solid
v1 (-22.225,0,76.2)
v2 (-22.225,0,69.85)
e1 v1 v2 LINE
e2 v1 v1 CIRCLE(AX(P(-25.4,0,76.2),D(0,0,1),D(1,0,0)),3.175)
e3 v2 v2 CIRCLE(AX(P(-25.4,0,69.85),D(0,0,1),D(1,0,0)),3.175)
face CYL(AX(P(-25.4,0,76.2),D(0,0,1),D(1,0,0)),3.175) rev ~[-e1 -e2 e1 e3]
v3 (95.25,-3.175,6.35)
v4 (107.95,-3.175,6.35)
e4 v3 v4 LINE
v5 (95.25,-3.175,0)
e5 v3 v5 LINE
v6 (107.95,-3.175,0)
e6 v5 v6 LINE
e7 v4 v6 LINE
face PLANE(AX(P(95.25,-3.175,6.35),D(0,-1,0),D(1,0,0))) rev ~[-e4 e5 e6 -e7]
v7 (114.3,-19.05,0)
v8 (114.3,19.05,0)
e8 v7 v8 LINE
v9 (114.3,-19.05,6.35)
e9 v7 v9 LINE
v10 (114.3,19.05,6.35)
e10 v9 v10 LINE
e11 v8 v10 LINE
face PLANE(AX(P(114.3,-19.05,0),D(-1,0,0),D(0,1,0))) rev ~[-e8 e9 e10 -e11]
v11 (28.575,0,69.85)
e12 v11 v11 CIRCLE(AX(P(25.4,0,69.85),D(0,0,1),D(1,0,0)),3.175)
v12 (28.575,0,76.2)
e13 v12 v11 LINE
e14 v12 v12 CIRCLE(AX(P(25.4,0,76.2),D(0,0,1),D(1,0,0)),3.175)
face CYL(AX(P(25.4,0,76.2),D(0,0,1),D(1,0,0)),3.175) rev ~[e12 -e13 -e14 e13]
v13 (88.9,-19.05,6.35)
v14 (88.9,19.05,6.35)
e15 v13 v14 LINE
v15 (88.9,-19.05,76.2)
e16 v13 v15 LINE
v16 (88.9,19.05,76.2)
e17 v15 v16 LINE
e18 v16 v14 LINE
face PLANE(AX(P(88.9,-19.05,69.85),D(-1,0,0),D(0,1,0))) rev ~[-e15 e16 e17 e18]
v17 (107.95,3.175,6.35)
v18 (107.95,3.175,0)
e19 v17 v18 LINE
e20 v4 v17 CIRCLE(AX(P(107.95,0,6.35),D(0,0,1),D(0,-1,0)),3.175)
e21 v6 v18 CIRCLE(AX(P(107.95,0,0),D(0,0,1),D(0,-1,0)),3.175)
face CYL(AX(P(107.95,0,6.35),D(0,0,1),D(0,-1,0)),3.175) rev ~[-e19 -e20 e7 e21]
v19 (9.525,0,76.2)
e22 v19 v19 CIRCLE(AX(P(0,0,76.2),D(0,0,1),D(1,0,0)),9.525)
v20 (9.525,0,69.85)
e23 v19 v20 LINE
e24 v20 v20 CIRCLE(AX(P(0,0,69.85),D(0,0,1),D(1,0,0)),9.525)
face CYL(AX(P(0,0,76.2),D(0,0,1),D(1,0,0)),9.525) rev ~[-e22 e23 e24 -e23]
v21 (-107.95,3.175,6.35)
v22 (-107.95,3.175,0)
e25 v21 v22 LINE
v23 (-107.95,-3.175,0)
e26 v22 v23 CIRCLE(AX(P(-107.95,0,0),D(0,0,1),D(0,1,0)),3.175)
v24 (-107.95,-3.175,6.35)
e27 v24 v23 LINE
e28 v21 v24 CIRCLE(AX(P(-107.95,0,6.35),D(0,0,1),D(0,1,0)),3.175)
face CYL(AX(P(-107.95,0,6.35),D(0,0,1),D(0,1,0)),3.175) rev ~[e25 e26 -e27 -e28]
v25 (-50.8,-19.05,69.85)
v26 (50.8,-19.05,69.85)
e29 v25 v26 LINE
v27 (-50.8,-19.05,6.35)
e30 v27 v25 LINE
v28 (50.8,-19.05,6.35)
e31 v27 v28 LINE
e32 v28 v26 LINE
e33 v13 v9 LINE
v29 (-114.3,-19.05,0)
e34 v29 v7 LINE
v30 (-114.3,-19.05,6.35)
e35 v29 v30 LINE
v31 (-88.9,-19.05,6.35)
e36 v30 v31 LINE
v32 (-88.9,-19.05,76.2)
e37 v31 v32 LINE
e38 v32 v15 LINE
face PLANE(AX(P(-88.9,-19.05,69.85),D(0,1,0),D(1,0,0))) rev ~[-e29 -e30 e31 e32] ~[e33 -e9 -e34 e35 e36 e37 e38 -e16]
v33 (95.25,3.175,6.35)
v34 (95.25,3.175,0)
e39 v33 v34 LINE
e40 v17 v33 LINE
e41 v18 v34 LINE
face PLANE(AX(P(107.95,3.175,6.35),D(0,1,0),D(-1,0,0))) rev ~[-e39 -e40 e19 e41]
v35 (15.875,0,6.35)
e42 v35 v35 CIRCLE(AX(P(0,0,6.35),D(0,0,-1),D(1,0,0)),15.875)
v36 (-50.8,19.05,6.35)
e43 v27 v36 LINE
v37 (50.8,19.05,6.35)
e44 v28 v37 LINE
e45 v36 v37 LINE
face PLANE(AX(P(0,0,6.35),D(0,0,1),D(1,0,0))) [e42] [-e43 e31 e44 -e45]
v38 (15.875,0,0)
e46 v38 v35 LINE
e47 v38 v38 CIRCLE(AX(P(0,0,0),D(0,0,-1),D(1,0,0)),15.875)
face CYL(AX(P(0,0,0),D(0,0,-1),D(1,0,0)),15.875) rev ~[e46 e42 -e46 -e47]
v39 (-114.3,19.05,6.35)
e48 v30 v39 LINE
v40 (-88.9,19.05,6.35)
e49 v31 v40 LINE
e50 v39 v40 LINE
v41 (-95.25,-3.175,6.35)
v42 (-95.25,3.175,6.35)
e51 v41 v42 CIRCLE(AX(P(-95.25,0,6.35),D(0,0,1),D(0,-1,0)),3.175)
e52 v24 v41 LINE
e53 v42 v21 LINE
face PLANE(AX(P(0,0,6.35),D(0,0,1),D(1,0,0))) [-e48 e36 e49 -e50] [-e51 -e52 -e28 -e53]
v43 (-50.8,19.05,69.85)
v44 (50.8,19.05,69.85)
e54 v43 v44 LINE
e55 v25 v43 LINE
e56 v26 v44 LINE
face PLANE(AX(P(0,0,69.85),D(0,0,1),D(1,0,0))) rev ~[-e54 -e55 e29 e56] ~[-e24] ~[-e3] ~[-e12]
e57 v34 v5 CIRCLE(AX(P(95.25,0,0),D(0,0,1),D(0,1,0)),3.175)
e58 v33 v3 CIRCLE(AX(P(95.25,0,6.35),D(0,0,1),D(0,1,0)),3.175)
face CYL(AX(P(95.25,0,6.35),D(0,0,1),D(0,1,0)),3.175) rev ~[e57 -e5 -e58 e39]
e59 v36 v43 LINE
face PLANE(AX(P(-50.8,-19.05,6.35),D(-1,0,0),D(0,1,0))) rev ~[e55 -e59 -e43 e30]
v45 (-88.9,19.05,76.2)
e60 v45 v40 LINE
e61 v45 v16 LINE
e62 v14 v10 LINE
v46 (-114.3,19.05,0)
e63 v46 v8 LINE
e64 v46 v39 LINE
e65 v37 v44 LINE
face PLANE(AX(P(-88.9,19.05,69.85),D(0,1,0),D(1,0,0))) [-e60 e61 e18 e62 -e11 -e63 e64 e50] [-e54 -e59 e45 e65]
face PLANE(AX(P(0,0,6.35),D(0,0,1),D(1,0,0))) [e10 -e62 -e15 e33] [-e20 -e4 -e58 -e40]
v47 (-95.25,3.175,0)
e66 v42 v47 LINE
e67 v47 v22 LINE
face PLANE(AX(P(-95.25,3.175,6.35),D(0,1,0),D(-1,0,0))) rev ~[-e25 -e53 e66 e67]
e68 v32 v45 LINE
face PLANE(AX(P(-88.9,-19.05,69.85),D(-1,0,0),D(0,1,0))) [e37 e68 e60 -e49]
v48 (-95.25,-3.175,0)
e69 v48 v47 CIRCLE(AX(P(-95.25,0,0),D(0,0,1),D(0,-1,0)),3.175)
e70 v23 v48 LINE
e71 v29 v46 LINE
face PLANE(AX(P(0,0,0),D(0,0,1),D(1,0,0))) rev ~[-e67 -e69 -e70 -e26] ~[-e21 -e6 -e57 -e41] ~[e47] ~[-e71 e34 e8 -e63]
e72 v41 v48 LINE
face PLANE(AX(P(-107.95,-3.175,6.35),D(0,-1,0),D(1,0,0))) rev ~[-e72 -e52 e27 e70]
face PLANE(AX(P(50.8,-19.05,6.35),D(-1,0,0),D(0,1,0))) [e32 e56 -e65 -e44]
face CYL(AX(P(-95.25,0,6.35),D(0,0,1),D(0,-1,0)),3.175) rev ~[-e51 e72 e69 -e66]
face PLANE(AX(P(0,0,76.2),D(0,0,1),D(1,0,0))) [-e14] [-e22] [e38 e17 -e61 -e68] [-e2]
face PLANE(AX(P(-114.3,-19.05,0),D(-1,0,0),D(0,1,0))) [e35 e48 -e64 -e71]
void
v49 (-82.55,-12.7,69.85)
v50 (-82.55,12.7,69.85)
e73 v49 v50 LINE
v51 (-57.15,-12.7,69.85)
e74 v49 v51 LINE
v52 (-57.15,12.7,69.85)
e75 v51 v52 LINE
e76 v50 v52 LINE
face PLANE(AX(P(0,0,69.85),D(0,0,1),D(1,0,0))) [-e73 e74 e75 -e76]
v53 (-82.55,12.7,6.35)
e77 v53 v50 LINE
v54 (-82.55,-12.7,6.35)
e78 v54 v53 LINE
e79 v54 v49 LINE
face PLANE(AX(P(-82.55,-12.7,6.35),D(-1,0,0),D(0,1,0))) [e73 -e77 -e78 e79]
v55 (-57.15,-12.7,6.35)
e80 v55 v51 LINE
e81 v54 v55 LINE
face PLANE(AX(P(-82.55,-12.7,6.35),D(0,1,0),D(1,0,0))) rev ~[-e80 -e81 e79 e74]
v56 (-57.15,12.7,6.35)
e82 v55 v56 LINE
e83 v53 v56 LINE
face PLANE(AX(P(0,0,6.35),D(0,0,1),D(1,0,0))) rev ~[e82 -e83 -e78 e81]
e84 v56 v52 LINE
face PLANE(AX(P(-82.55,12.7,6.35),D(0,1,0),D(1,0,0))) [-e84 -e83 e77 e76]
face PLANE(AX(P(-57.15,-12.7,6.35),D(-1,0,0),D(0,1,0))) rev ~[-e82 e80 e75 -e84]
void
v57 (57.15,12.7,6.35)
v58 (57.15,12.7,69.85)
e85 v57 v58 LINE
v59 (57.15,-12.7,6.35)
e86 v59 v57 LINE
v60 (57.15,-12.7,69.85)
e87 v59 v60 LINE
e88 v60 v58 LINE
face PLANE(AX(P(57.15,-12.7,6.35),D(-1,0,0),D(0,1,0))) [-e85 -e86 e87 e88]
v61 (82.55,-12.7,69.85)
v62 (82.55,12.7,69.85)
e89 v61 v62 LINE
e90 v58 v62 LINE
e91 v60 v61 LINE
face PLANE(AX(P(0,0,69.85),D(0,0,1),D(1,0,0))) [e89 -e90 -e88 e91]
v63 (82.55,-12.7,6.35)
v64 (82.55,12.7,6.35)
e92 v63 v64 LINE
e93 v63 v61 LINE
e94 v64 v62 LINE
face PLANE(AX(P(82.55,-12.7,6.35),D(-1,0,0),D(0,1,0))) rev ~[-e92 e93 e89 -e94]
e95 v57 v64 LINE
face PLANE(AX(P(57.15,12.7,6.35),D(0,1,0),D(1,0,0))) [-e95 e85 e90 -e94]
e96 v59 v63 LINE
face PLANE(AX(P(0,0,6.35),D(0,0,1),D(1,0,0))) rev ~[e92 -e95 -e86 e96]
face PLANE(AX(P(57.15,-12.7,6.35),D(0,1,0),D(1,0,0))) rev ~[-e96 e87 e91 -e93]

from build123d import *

# Parameters (mm, degrees)
F0_W      = 228.6
F0_H      = 38.1
F9_DEPTH  = 6.35
F1_W      = 38.1
F1_H      = 38.1
F1_W_2    = 25.4
F1_H_2    = 25.4
F10_DEPTH = 63.5
F11_W     = 177.8
F11_H     = 38.1
F2_DEPTH  = 6.35
F3_R      = 9.525
F3_R_2    = 3.175
F4_DEPTH  = 25.4
F6_DEPTH  = 6.351
F7_R      = 15.875
F8_DEPTH  = 25.4


with BuildPart() as f9:
    # F0 (on Top) → F9 (new body)
    with BuildSketch(Plane.XY):
        Rectangle(F0_W, F0_H)
    extrude(amount=F9_DEPTH)

    # F1 (on face) → F10 (join)
    with BuildSketch(Plane.XY.offset(6.35)):
        with Locations((69.85, 0)):
            Rectangle(F1_W, F1_H)
        with Locations((69.85, 0)):
            Rectangle(F1_W_2, F1_H_2, mode=Mode.SUBTRACT)
        with Locations((-69.85, 0)):
            Rectangle(F1_W, F1_H)
        with Locations((-69.85, 0)):
            Rectangle(F1_W_2, F1_H_2, mode=Mode.SUBTRACT)
    extrude(amount=F10_DEPTH)

    # F11 (on face) → F2 (join)
    with BuildSketch(Plane.XY.offset(69.85)):
        Rectangle(F11_W, F11_H)
    extrude(amount=F2_DEPTH)

    # F3 (on face) → F4 (cut)
    with BuildSketch(Plane.XY.offset(76.2)):
        Circle(F3_R)
        with Locations((25.4, 0)):
            Circle(F3_R_2)
        with Locations((-25.4, 0)):
            Circle(F3_R_2)
    extrude(amount=-F4_DEPTH, mode=Mode.SUBTRACT)

    # F5 (on face) → F6 (cut, through all)
    with BuildSketch(Plane.XY.offset(6.35)):
        with BuildLine():
            Line((-95.25, 3.175), (-107.95, 3.175))
            ThreePointArc((-107.95, 3.175), (-111.125, 0), (-107.95, -3.175))
            Line((-107.95, -3.175), (-95.25, -3.175))
            ThreePointArc((-95.25, -3.175), (-92.075, 0), (-95.25, 3.175))
        make_face()
        with BuildLine():
            Line((95.25, -3.175), (107.95, -3.175))
            ThreePointArc((107.95, -3.175), (111.125, 0), (107.95, 3.175))
            Line((107.95, 3.175), (95.25, 3.175))
            ThreePointArc((95.25, 3.175), (92.075, 0), (95.25, -3.175))
        make_face()
    extrude(amount=-F6_DEPTH, mode=Mode.SUBTRACT)

    # F7 (on face) → F8 (cut)
    with BuildSketch(Plane(origin=(0, 0, 0), x_dir=(1, 0, 0), z_dir=(0, 0, -1))):
        Circle(F7_R)
    extrude(amount=-F8_DEPTH, mode=Mode.SUBTRACT)


solid = f9.part
